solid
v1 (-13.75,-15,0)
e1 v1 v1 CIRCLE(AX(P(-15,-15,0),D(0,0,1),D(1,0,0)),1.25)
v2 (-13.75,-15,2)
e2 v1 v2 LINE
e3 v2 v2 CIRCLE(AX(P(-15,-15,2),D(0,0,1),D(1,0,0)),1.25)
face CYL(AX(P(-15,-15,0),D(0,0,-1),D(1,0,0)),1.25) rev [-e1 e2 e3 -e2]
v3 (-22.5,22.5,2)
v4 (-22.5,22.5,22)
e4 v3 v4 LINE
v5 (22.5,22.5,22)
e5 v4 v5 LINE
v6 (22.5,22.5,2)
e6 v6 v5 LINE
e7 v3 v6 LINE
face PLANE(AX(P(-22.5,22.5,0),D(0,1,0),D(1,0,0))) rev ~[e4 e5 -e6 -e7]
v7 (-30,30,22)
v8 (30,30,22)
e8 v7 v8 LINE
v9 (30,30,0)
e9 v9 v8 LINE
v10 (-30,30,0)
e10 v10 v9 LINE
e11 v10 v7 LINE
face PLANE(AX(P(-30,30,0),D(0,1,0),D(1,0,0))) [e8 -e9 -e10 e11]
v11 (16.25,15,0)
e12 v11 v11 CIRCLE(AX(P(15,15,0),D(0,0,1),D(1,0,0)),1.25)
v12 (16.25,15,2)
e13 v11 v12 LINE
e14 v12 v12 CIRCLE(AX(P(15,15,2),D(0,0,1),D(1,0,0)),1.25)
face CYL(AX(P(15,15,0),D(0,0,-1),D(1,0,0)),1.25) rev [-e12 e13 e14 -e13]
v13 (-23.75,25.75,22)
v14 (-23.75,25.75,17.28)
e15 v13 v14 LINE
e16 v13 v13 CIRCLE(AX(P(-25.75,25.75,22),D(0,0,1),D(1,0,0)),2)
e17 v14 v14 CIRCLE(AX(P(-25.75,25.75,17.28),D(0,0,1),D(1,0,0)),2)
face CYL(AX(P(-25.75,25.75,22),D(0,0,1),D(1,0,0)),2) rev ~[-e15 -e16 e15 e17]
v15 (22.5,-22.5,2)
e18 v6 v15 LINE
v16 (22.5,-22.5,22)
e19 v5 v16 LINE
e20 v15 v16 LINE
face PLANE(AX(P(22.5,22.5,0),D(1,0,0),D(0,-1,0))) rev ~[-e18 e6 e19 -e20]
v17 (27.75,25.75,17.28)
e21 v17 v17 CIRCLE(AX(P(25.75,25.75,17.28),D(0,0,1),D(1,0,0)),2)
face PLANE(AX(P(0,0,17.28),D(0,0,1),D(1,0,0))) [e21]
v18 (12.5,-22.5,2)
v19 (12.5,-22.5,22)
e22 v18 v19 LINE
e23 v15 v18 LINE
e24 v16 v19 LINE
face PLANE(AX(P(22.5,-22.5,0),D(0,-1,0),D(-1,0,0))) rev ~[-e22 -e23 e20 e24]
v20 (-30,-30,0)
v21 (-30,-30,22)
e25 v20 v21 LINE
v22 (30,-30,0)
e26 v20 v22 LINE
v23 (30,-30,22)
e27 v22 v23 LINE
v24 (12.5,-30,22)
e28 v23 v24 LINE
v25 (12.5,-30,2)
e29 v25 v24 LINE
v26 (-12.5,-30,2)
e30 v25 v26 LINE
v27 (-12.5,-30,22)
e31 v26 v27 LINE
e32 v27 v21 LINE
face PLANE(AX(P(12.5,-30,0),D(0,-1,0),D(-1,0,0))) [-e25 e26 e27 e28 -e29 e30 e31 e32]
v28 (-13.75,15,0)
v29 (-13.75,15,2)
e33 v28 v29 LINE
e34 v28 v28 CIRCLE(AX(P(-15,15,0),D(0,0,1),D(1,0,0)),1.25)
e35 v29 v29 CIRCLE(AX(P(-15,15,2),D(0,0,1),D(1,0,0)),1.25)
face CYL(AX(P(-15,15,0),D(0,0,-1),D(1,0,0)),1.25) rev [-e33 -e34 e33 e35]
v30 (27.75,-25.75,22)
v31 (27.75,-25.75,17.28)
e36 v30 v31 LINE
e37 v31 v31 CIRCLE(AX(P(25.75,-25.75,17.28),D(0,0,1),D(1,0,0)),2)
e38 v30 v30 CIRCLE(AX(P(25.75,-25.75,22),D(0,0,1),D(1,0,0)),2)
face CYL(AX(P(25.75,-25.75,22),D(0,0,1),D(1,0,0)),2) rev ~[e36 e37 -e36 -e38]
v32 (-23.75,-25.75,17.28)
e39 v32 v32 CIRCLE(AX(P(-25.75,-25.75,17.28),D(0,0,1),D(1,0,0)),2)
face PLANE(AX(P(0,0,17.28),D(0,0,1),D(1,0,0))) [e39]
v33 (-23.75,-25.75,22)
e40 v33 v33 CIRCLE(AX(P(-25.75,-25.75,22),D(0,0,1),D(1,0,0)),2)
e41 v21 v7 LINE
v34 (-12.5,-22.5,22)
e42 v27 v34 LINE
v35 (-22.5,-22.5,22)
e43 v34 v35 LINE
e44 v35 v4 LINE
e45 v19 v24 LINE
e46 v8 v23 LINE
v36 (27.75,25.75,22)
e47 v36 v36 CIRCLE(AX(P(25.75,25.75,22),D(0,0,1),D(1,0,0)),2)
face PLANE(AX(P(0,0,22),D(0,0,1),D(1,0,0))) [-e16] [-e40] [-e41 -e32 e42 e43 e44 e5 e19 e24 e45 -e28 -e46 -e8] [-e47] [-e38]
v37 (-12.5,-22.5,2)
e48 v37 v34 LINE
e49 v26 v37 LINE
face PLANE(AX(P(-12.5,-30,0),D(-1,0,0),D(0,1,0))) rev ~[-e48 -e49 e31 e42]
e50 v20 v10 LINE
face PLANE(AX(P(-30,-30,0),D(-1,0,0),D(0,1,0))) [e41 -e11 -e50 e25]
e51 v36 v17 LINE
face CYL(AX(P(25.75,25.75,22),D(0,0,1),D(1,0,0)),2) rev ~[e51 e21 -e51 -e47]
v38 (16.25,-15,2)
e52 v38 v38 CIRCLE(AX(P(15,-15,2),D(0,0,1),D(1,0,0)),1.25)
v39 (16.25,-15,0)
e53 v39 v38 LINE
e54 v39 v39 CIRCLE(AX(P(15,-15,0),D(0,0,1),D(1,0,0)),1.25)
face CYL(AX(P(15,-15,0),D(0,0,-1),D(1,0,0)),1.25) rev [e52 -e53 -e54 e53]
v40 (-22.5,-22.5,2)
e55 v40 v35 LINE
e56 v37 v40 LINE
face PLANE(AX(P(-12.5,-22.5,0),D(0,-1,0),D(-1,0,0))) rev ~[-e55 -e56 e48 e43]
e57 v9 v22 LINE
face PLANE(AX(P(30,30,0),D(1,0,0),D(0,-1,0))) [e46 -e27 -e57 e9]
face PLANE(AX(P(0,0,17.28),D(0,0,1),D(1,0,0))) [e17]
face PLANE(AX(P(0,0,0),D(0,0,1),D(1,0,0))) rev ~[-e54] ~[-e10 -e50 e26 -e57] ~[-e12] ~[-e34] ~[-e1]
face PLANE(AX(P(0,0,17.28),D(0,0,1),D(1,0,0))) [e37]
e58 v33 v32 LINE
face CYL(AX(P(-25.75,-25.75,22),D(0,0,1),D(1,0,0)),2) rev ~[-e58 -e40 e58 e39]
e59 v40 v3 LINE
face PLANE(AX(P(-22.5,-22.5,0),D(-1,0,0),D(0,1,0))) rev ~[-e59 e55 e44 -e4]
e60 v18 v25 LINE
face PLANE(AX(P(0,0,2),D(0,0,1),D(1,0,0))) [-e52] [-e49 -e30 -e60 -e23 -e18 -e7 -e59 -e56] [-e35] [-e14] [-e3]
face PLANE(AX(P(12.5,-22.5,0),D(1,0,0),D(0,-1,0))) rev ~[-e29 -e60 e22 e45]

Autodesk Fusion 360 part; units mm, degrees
sketch "Sketch1" plane through (0, 0, 0) normal (0, 0, 1) x (1, 0, 0)
  line L0 (-22.5, 22.5) -> (22.5, 22.5)
  line L1 (22.5, 22.5) -> (22.5, -22.5)
  line L2 (22.5, -22.5) -> (-22.5, -22.5)
  line L3 (-22.5, -22.5) -> (-22.5, 22.5)
  line L4 (-22.5, 22.5) -> (22.5, -22.5) construction
  line L5 (22.5, 22.5) -> (-22.5, -22.5) construction
  circle A0 centre (-15, 15) radius 1.25
  circle A1 centre (15, 15) radius 1.25
  circle A2 centre (15, -15) radius 1.25
  circle A3 centre (-15, -15) radius 1.25
  line L6 (-30, 30) -> (30, 30)
  line L7 (30, 30) -> (30, -30)
  line L8 (30, -30) -> (-30, -30)
  line L9 (-30, -30) -> (-30, 30)
  line L10 (-30, 30) -> (30, -30) construction
  line L11 (30, 30) -> (-30, -30) construction
  line L12 (-12.5, -22.5) -> (12.5, -22.5)
  line L13 (12.5, -22.5) -> (12.5, -30)
  line L14 (12.5, -30) -> (-12.5, -30)
  line L15 (-12.5, -30) -> (-12.5, -22.5)
  dimension "d1" = 45
  dimension "d2" = 45
  dimension "d3" = 2.5
  dimension "d4" = 2.5
  dimension "d5" = 2.5
  dimension "d6" = 2.5
  dimension "d7" = 7.5
  dimension "d9" = 7.5
  dimension "d10" = 7.5
  dimension "d11" = 7.5
  dimension "d12" = 60
  dimension "d13" = 60
  dimension "d14" = 7.5
  dimension "d15" = 10
  dimension "d16" = 10
extrude "Extrude1" add sketch "Sketch1" along normal blind 22 contours L0 L1 L2 L3 L6 L7 L8 L9 L13 L15
extrude "Extrude2" add sketch "Sketch1" along normal blind 2 contours L0 L1 L2 L3 L12
extrude "Extrude3" add sketch "Sketch1" along normal blind 2 contours L2 L8 L12 L13 L14 L15
sketch "Sketch2" plane through (0, 0, 22) normal (0, 0, 1) x (1, 0, 0)
  line L0 (-30, -30) -> (-12.5, -30)
  line L1 (-12.5, -30) -> (-12.5, -22.5)
  line L2 (-12.5, -22.5) -> (-22.5, -22.5)
  line L3 (-22.5, -22.5) -> (-22.5, 22.5)
  line L4 (-22.5, 22.5) -> (22.5, 22.5)
  line L5 (22.5, 22.5) -> (22.5, -22.5)
  line L6 (22.5, -22.5) -> (12.5, -22.5)
  line L7 (12.5, -22.5) -> (12.5, -30)
  line L8 (12.5, -30) -> (30, -30)
  line L9 (30, -30) -> (30, 30)
  line L10 (30, 30) -> (-30, 30)
  line L11 (-30, 30) -> (-30, -30)
  circle A0 centre (-25.75, 25.75) radius 2
  circle A1 centre (25.75, 25.75) radius 2
  circle A2 centre (-25.75, -25.75) radius 2
  circle A3 centre (25.75, -25.75) radius 2
  dimension "d23" = 4
  dimension "d24" = 4.25
  dimension "d25" = 4.25
  dimension "d26" = 4
  dimension "d27" = 4.25
  dimension "d28" = 4.25
  dimension "d29" = 4
  dimension "d30" = 4.25
  dimension "d31" = 4.25
  dimension "d32" = 4
  dimension "d33" = 4.25
  dimension "d34" = 4.25
extrude "Extrude4" cut sketch "Sketch2" against normal blind 4.72 contours A0 | A1 | A2 | A3
equation "d24 = holesfromcorner"
equation "d25 = holesfromcorner"
equation "d27 = holesfromcorner"
equation "d28 = holesfromcorner"
equation "d30 = holesfromcorner"
equation "d31 = holesfromcorner"
equation "d33 = holesfromcorner"
equation "d34 = holesfromcorner"
equation "holesfromcorner = 4.25 mm"
